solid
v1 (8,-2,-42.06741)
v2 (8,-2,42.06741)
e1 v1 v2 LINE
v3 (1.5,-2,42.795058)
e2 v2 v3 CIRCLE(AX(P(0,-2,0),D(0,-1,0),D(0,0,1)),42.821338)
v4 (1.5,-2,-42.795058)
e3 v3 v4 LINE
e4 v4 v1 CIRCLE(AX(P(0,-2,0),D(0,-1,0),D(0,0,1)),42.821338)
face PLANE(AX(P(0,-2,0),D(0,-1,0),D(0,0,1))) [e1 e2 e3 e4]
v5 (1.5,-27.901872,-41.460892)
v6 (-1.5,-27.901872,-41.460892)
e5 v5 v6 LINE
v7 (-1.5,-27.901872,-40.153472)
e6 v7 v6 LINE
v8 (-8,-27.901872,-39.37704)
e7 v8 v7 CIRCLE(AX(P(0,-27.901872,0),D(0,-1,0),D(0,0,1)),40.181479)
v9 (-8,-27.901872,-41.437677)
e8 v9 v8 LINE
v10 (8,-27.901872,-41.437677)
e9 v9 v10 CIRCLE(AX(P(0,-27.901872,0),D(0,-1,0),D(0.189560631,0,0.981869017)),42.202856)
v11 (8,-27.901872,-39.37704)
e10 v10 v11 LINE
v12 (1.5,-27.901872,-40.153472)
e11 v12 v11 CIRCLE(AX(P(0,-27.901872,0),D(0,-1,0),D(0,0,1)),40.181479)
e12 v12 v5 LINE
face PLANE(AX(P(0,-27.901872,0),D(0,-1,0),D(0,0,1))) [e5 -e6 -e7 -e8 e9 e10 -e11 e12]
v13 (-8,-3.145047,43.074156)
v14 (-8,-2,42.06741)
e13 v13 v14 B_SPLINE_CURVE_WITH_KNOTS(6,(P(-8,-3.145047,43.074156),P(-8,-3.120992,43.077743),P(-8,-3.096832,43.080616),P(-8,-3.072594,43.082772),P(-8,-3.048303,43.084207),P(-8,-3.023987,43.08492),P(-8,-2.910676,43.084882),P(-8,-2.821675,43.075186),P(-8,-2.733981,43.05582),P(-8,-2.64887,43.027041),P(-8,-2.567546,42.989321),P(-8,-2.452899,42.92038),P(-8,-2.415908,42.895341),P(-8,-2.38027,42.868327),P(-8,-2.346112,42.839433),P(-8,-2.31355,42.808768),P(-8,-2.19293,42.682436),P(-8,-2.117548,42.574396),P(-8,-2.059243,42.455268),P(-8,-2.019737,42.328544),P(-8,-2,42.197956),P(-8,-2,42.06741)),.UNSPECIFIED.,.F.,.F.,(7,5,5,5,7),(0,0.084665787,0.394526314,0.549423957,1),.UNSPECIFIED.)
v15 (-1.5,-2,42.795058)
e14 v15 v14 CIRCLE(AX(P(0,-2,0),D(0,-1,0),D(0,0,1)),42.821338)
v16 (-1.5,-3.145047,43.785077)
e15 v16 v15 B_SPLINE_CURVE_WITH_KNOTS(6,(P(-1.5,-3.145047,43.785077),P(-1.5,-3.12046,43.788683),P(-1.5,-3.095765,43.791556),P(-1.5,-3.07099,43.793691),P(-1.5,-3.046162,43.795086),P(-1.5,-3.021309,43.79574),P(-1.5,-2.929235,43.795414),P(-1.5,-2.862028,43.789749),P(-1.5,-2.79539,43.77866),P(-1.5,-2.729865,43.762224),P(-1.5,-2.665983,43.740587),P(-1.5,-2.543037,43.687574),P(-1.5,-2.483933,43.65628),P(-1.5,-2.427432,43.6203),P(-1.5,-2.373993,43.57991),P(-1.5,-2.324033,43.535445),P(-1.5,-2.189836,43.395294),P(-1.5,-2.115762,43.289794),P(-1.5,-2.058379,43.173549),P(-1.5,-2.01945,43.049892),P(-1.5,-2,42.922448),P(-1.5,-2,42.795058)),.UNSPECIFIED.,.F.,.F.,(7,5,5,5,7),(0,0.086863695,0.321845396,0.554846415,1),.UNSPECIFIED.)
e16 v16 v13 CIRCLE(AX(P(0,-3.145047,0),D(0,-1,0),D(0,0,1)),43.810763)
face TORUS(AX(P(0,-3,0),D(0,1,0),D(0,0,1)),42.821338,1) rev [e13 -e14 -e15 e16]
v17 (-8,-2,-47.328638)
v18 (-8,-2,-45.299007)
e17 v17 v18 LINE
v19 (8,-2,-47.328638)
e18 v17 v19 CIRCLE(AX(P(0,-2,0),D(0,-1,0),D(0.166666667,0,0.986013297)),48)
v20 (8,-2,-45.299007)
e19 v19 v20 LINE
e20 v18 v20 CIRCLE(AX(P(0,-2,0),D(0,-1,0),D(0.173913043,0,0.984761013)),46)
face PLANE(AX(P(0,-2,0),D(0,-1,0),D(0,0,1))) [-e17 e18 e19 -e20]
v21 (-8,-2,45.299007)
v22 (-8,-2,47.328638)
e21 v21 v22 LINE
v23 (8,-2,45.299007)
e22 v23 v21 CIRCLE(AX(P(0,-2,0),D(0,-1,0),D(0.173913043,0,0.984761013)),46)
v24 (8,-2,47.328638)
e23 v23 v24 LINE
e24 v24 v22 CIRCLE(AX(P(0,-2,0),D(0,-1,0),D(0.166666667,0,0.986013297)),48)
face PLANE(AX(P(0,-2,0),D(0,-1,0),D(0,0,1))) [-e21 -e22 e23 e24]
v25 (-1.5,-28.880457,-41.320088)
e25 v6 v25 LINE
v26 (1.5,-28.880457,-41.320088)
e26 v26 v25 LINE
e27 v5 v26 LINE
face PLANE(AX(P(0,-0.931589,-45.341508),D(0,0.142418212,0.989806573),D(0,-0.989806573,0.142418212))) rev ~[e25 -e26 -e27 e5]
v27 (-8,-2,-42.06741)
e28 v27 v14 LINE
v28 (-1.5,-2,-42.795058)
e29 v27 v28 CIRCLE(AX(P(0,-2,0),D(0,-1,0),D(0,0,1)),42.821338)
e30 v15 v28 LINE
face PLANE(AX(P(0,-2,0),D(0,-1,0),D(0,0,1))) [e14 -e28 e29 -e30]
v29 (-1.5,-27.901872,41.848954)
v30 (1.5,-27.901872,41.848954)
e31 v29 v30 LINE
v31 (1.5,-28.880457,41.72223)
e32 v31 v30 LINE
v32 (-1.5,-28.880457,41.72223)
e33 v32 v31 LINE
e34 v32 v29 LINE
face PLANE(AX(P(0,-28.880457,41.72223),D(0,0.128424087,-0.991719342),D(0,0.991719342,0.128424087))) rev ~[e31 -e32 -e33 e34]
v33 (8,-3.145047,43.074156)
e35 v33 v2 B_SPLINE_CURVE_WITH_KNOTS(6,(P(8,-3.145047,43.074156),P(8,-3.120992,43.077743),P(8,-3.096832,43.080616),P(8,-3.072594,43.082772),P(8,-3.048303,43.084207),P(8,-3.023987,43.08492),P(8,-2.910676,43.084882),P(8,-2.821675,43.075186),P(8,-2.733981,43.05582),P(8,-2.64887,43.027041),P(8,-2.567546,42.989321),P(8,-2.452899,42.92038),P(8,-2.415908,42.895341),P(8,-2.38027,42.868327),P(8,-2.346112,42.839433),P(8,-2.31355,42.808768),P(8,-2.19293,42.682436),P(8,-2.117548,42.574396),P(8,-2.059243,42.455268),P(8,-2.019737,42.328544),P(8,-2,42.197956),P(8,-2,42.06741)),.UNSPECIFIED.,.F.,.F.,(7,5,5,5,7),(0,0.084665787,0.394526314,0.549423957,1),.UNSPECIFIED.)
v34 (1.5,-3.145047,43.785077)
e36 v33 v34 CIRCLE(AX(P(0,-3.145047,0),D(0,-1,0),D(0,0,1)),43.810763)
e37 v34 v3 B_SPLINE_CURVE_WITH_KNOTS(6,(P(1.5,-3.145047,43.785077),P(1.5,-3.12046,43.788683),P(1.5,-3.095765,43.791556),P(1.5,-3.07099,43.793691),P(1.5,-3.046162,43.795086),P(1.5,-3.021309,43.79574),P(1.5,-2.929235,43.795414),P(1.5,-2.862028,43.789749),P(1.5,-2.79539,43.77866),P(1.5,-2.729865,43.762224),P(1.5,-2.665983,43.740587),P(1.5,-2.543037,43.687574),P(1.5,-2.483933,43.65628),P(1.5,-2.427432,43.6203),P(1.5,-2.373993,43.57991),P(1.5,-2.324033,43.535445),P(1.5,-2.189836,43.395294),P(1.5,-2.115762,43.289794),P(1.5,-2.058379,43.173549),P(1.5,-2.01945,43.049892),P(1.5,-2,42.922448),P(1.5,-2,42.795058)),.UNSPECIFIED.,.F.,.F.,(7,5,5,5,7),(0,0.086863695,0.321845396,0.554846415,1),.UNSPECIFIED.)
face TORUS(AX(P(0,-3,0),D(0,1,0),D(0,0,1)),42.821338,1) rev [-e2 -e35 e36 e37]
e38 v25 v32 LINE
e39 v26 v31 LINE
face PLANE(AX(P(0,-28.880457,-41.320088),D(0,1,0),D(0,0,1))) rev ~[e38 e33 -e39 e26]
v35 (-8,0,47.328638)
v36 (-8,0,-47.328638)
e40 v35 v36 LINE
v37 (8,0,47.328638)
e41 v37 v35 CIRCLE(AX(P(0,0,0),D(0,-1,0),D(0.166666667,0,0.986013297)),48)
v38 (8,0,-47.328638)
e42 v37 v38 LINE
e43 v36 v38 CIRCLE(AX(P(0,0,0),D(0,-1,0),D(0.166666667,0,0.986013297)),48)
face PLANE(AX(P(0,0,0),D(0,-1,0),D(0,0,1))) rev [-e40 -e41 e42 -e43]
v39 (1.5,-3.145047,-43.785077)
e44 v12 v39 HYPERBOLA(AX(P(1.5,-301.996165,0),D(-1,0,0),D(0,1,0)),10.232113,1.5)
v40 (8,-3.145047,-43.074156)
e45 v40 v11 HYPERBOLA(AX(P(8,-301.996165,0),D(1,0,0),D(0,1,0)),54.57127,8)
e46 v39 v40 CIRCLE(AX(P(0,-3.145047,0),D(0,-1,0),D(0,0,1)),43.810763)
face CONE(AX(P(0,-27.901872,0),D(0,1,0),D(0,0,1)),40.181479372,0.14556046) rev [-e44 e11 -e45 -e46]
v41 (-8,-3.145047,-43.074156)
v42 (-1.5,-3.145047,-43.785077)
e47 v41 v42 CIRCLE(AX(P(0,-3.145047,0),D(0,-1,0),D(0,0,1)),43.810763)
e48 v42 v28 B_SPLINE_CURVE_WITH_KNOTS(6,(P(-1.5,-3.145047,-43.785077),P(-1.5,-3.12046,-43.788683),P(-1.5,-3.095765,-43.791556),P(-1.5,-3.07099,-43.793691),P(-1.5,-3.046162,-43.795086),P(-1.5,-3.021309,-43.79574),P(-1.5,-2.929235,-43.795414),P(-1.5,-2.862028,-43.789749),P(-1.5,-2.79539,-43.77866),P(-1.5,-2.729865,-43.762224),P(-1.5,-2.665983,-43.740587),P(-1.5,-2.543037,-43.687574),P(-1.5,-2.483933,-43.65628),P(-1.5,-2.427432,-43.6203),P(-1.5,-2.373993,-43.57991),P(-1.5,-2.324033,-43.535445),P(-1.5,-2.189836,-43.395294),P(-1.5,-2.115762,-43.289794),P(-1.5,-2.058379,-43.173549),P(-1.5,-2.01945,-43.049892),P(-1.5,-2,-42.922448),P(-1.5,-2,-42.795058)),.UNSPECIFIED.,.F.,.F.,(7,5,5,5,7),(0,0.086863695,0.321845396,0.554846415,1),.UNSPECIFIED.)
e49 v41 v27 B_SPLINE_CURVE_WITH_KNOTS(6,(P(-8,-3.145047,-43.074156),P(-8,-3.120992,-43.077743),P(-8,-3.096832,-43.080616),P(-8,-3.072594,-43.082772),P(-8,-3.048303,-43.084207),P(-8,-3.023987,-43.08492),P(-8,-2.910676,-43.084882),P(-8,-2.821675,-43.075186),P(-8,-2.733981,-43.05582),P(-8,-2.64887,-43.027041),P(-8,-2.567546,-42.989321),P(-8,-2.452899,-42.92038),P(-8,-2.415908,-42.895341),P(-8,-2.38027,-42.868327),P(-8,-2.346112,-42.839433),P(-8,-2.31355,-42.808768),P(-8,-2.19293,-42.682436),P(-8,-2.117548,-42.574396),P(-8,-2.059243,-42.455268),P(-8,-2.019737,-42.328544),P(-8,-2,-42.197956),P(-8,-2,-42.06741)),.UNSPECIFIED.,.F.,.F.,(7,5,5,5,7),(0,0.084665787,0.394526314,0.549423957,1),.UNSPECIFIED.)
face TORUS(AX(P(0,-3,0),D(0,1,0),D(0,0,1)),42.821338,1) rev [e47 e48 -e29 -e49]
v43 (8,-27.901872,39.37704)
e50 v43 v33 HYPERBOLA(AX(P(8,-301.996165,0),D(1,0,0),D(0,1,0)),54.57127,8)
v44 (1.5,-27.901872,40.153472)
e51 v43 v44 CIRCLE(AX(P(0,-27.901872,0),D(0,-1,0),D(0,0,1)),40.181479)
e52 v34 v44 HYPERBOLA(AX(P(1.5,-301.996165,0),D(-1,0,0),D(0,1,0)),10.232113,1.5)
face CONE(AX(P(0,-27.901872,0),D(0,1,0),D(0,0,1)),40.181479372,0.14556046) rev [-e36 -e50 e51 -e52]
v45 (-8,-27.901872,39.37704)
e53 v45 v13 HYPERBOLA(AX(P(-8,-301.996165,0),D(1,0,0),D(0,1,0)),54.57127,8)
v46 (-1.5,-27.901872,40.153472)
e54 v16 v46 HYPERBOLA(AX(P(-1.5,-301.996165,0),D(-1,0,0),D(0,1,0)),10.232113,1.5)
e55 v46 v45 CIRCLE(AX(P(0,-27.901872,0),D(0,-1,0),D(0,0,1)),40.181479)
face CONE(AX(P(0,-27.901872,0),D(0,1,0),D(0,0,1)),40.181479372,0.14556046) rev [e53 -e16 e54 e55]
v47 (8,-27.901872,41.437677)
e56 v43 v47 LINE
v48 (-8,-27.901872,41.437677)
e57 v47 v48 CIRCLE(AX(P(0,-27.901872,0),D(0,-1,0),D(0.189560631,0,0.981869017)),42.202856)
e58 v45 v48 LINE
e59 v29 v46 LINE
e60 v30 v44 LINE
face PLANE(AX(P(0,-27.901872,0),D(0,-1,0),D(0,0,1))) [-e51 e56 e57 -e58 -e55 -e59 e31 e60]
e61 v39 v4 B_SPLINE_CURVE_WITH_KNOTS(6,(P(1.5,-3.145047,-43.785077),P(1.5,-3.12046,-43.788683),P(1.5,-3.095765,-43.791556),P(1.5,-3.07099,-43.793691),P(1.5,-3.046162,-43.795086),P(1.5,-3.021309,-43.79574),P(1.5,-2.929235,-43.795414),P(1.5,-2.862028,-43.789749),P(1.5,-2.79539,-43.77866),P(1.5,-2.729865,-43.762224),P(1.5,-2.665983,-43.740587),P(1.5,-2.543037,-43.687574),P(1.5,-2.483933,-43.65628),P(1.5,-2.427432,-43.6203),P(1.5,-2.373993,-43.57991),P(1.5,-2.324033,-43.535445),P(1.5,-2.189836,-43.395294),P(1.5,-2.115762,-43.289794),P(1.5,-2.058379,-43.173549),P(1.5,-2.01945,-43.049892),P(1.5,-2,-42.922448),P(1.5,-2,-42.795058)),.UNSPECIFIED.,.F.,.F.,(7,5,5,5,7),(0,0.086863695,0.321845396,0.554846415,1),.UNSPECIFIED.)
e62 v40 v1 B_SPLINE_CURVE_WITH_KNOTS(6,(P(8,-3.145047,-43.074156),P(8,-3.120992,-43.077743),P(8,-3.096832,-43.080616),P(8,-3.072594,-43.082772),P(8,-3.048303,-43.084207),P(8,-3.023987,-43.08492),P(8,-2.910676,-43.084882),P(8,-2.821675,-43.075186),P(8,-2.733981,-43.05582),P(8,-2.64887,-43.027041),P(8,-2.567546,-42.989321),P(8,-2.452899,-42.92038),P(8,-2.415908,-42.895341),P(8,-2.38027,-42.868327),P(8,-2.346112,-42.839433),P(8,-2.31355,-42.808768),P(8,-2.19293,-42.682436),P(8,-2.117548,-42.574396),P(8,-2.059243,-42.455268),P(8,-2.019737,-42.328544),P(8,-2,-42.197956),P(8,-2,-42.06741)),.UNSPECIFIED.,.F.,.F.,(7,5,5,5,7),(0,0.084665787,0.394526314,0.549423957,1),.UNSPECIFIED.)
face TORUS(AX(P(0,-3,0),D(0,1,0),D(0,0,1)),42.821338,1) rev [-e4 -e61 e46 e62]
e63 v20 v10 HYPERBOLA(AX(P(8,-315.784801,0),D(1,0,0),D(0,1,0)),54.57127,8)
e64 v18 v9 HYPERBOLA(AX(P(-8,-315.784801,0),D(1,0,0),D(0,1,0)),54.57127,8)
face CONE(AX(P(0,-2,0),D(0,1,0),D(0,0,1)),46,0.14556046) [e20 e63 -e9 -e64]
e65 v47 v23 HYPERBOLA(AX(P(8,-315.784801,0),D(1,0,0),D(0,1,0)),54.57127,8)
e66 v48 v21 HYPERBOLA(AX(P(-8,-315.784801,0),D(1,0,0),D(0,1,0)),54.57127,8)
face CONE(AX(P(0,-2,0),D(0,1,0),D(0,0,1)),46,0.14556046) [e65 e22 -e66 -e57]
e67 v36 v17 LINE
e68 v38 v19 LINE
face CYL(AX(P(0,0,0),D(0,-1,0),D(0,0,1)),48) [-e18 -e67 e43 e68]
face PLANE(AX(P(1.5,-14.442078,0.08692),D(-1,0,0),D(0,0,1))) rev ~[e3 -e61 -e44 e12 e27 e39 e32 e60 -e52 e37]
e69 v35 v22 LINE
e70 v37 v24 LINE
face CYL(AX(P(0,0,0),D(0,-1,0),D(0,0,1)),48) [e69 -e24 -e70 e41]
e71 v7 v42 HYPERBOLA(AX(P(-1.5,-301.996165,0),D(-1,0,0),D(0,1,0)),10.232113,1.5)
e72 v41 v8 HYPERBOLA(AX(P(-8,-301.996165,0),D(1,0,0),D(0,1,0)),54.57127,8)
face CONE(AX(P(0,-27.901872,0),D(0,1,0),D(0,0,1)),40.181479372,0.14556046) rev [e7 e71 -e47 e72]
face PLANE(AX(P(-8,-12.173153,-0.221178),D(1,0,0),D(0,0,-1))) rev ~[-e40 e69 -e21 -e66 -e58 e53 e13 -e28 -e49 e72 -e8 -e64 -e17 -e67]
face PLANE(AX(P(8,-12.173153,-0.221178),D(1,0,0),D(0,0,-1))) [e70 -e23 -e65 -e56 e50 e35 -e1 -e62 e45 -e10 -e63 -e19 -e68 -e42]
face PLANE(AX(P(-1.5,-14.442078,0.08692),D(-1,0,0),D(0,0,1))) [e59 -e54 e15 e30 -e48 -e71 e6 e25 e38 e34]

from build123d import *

# Parameters (mm, degrees)
BOSS_EXTRUDE2_DEPTH = 1.5
CUTPLANE1_SKETCH_W  = 123.196195192
CUTPLANE1_SKETCH_H  = 53.525097373
CUT_EXTRUDE6_DEPTH  = 111
CUTPLANE2_SKETCH_W  = 123.196195192
CUTPLANE2_SKETCH_H  = 53.525097373
CUT_EXTRUDE7_DEPTH  = 111


with BuildPart() as part:
    # Sketch1 → Revolve1 (revolve)
    with BuildSketch(Plane.XY, mode=Mode.PRIVATE) as revolve1_sk:
        with BuildLine():
            Line((0, 0), (-48, 0))
            Line((-48, 0), (-48, -2))
            Line((-48, -2), (-46, -2))
            Line((-46, -2), (-42.202855897, -27.901871877))
            Line((-42.202855897, -27.901871877), (-40.181479372, -27.901871877))
            Line((-40.181479372, -27.901871877), (-43.810762695, -3.145046985))
            ThreePointArc((-43.810762695, -3.145046985), (-43.577990749, -2.346183124), (-42.821337927, -2))
            Line((-42.821337927, -2), (0, -2))
            Line((0, -2), (0, 0))
        make_face()
    revolve(revolve1_sk.sketch.rotate(Axis((0, 0, 0), (0, -1, 0)), 270), axis=Axis((0, 0, 0), (0, -1, 0)))

    # Sketch13 → Boss-Extrude2 (add, symmetric)
    with BuildSketch(Plane(origin=(0, 0, 0), x_dir=(0, 0, -1), z_dir=(1, 0, 0))):
        Polygon((-45.341508105, -0.931589376), (45.341508105, -0.931589376), (41.320088317, -28.8804569), (-41.722230296, -28.8804569), align=None)
    extrude(amount=BOSS_EXTRUDE2_DEPTH, both=True)

    # CutPlane1 Sketch → Cut-Extrude6 (cut)
    with BuildSketch(Plane(origin=(8, 0, 0), x_dir=(0, 0, -1), z_dir=(1, 0, 0))):
        with Locations((0.221178088, -12.173153045)):
            Rectangle(CUTPLANE1_SKETCH_W, CUTPLANE1_SKETCH_H)
    extrude(amount=CUT_EXTRUDE6_DEPTH, mode=Mode.SUBTRACT)

    # CutPlane2 Sketch → Cut-Extrude7 (cut)
    with BuildSketch(Plane(origin=(-8, 0, 0), x_dir=(0, 0, -1), z_dir=(1, 0, 0))):
        with Locations((0.221178088, -12.173153045)):
            Rectangle(CUTPLANE2_SKETCH_W, CUTPLANE2_SKETCH_H)
    extrude(amount=-CUT_EXTRUDE7_DEPTH, mode=Mode.SUBTRACT)


solid = part.part
